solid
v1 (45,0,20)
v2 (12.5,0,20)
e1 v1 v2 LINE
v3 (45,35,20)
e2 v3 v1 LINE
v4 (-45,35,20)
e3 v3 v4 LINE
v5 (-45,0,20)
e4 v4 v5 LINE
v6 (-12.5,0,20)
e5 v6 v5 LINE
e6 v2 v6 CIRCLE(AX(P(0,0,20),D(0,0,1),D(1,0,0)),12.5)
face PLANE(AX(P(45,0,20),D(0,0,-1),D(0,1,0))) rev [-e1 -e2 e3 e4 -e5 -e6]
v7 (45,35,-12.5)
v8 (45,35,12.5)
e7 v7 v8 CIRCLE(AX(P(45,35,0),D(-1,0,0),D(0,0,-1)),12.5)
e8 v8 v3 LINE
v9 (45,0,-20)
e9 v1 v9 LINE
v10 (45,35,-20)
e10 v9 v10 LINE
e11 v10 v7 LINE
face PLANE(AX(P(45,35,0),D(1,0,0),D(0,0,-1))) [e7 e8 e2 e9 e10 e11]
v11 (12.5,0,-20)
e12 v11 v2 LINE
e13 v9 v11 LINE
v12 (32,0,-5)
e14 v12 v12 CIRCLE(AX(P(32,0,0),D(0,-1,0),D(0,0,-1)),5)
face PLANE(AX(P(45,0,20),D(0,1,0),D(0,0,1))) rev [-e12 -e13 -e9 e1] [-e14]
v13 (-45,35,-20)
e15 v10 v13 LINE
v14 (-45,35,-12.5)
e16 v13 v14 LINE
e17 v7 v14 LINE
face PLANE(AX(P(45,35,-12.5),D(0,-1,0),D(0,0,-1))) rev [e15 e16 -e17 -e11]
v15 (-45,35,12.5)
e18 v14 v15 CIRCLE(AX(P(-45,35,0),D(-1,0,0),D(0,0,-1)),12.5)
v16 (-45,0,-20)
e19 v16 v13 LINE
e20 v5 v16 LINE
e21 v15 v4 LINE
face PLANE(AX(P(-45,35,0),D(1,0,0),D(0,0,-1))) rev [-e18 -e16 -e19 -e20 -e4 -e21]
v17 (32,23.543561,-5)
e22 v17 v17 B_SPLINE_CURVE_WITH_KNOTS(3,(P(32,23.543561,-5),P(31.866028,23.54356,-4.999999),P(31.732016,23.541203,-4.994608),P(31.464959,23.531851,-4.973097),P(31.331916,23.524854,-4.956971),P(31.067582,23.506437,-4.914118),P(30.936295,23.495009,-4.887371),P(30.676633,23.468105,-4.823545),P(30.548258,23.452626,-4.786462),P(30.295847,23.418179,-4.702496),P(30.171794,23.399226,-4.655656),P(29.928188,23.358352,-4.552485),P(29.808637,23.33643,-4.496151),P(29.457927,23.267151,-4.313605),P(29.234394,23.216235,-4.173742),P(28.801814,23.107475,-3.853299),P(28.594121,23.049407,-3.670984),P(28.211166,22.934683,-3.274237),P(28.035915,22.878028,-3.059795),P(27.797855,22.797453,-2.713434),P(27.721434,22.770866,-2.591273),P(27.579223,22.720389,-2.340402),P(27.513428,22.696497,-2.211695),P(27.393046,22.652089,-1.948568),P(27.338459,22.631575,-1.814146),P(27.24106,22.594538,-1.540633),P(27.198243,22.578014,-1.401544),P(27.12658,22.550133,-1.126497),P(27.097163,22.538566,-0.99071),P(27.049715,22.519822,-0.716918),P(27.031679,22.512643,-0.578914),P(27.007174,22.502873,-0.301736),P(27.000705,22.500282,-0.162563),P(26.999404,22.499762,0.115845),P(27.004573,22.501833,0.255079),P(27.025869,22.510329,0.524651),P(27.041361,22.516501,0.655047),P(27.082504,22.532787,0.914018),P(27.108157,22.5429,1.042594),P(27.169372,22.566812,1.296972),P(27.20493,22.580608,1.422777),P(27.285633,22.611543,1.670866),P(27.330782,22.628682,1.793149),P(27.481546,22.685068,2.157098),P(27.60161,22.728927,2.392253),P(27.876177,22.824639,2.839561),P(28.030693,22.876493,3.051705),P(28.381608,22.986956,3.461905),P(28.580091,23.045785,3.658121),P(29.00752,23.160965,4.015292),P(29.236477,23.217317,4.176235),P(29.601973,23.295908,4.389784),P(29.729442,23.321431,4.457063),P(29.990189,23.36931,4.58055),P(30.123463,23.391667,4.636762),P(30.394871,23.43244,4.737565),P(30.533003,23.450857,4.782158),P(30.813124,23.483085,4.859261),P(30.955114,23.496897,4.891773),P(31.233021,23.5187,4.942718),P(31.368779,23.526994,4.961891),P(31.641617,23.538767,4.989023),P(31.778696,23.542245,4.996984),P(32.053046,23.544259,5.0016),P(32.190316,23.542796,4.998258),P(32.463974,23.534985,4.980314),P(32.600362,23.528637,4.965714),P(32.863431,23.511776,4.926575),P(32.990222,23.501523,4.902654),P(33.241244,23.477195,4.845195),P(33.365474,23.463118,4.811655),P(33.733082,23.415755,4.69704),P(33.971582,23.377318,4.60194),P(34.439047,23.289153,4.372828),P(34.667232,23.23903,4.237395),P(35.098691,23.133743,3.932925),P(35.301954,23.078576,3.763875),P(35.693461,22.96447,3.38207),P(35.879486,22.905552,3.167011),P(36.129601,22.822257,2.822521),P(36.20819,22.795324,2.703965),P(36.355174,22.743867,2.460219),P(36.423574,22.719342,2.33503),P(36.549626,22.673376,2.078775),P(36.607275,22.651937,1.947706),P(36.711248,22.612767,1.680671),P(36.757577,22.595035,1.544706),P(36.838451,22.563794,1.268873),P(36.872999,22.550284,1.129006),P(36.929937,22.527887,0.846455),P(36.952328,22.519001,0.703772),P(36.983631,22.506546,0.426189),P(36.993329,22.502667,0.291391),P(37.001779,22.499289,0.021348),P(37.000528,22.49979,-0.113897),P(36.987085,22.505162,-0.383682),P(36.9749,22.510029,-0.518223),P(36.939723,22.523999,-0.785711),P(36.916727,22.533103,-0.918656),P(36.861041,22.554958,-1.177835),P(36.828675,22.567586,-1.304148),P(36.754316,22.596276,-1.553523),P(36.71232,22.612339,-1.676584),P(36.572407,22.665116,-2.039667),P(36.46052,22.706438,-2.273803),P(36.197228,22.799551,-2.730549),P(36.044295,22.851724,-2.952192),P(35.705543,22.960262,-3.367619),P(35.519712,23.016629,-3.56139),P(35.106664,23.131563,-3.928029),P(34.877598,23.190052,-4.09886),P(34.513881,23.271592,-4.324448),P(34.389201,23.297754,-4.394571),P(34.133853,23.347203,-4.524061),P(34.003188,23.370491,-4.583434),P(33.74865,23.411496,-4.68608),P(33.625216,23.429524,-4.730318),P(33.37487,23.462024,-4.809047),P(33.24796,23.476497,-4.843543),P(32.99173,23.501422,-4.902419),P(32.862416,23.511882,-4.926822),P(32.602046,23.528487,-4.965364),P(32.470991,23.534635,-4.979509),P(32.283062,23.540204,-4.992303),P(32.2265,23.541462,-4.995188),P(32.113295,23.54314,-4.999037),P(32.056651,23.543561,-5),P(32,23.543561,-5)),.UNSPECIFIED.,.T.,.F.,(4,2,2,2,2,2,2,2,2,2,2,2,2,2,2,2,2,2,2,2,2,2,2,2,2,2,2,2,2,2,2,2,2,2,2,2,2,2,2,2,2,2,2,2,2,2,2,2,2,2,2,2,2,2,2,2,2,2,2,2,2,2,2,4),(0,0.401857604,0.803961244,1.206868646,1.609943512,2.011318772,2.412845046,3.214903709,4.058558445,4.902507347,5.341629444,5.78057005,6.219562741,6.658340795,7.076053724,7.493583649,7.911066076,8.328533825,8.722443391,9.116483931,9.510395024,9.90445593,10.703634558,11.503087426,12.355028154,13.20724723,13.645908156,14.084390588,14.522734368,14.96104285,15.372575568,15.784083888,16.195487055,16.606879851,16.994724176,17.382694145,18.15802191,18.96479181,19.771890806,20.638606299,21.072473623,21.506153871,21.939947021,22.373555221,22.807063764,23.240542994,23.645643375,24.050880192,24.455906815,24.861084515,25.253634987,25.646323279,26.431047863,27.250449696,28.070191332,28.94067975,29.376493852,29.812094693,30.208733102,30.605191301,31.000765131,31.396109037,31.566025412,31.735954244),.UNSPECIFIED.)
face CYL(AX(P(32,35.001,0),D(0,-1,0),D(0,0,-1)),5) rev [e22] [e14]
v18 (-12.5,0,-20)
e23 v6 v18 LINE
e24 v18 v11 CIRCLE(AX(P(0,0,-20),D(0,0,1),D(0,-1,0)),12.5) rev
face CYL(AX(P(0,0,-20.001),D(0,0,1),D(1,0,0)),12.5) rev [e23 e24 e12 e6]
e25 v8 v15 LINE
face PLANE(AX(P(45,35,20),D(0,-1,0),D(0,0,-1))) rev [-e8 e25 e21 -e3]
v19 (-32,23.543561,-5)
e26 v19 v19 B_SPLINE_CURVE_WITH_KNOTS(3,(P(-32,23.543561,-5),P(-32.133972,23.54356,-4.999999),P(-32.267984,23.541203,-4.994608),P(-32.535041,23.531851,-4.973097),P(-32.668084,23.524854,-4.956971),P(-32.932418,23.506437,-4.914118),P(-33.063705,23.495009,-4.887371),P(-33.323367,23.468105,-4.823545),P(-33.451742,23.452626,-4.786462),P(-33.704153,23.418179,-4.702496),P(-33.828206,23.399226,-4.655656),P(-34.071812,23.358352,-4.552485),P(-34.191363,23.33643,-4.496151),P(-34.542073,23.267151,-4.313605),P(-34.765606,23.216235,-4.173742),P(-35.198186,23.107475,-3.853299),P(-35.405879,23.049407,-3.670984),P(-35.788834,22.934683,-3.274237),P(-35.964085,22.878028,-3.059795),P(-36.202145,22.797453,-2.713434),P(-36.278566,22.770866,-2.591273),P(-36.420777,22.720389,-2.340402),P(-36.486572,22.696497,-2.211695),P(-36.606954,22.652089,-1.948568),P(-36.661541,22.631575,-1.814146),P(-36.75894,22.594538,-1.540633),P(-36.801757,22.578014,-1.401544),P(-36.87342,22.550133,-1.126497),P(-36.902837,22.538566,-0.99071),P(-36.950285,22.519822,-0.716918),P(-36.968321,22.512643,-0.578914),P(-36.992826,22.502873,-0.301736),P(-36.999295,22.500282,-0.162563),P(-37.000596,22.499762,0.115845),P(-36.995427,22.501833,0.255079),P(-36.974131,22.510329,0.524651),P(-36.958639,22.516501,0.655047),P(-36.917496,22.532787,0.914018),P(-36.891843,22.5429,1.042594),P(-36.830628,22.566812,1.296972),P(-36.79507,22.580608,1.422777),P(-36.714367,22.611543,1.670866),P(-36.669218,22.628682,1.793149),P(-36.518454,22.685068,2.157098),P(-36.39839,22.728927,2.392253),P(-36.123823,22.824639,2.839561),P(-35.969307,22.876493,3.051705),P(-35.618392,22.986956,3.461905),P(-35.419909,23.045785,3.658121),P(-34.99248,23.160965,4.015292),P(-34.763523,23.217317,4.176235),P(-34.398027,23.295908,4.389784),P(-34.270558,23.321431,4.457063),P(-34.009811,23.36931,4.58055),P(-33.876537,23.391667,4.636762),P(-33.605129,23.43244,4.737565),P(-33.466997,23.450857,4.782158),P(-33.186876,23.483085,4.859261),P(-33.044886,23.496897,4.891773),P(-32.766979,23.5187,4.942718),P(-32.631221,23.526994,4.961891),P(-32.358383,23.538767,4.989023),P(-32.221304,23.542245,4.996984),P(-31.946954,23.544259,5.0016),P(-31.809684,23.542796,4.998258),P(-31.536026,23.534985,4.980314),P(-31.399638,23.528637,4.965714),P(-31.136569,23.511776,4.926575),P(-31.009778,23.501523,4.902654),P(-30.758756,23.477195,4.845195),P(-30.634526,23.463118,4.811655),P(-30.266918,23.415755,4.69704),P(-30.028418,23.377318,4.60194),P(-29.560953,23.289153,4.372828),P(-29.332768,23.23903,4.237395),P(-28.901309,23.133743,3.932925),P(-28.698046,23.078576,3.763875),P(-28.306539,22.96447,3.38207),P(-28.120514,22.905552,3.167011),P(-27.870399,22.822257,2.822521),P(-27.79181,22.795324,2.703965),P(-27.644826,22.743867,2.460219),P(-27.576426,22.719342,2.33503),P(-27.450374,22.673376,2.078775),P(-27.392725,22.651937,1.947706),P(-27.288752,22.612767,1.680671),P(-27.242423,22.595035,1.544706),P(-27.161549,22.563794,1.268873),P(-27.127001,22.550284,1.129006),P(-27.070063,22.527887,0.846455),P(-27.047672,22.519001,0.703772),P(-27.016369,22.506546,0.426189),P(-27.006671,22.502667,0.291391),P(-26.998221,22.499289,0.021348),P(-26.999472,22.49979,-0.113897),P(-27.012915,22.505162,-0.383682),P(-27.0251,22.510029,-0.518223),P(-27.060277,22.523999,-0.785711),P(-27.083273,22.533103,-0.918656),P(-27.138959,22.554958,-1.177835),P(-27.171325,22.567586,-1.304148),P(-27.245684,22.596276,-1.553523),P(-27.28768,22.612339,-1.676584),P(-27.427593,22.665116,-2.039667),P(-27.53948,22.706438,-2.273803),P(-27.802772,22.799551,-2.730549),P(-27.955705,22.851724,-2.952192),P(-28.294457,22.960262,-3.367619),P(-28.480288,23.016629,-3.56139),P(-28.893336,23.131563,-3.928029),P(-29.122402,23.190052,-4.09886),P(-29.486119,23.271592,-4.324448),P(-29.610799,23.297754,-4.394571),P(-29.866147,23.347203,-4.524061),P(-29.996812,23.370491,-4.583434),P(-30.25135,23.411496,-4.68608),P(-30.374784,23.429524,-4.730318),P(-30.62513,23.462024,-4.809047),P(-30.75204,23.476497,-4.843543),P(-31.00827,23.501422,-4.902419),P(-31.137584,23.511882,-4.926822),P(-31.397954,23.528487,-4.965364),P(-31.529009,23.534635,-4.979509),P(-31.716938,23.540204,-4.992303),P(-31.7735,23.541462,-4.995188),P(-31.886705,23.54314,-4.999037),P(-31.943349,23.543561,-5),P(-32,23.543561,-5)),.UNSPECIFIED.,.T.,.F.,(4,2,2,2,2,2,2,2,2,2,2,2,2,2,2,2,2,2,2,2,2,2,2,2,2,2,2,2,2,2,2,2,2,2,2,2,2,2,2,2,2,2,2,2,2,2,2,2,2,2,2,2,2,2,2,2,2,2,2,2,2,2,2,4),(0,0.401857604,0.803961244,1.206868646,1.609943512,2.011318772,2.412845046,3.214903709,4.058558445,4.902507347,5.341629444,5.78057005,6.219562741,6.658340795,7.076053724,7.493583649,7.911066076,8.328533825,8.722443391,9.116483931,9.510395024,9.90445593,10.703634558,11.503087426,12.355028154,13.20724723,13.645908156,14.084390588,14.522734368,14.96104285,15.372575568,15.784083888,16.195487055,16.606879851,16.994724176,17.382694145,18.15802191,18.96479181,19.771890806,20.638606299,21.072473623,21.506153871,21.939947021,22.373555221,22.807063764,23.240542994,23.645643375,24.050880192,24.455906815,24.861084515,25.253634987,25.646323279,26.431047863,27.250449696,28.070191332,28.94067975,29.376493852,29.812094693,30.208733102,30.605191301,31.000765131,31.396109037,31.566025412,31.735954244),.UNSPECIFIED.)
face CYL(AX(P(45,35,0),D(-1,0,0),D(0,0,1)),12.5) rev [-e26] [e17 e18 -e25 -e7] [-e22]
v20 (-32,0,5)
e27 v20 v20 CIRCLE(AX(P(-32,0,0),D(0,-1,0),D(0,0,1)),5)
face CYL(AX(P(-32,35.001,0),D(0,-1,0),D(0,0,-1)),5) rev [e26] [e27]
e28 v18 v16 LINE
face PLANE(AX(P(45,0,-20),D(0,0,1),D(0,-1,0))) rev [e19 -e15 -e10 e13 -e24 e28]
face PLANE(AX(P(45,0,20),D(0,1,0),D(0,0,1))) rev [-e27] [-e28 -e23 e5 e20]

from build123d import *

# Parameters (mm, degrees)
BOSS_EXTRUDE1_DEPTH     = 45
CUT_EXTRUDE1_REACH      = 71.642
SKETCH2_R               = 12.5
CUT_EXTRUDE2_REACH      = 62.415
CUT_EXTRUDE2_END_RADIUS = 12.5
SKETCH3_R               = 5


with BuildPart() as part:
    # Sketch1 → Boss-Extrude1 (new, symmetric)
    with BuildSketch(Plane(origin=(0, 0, 0), x_dir=(0, 0, -1), z_dir=(1, 0, 0))):
        with BuildLine():
            Line((-20, 0), (20, 0))
            Line((20, 0), (20, 35))
            Line((20, 35), (12.5, 35))
            ThreePointArc((12.5, 35), (0, 22.5), (-12.5, 35))
            Line((-12.5, 35), (-20, 35))
            Line((-20, 35), (-20, 0))
        make_face()
    extrude(amount=BOSS_EXTRUDE1_DEPTH, both=True)

    # Sketch2 → Cut-Extrude1 (cut, up to next)
    with BuildSketch(Plane.XY.offset(20), mode=Mode.PRIVATE) as cut_extrude1_sk1:
        Circle(SKETCH2_R)
    cut_extrude1_tool1 = extrude(cut_extrude1_sk1.sketch, amount=-CUT_EXTRUDE1_REACH, mode=Mode.PRIVATE) & part.part
    add(cut_extrude1_tool1.solids().sort_by_distance((0, 0, 20))[0], mode=Mode.SUBTRACT)

    # Cut-Extrude2: up to this cylinder (the profile starts outside it)
    cut_extrude2_end = Plane(origin=(0, 35, 0), z_dir=(-1, 0, 0)) * Cylinder(CUT_EXTRUDE2_END_RADIUS, 214.83, mode=Mode.PRIVATE)
    # Sketch3 → Cut-Extrude2 (cut, up to the surface)
    with BuildSketch(Plane.XZ, mode=Mode.PRIVATE) as cut_extrude2_sk1:
        with Locations(Location((32, 0, 0), (0, 0, 270))):
            Circle(SKETCH3_R)
    cut_extrude2_tool1 = extrude(cut_extrude2_sk1.sketch, amount=-CUT_EXTRUDE2_REACH, mode=Mode.PRIVATE) - cut_extrude2_end
    add(cut_extrude2_tool1.solids().sort_by_distance((32, 0, 0))[0], mode=Mode.SUBTRACT)
    # Sketch3 → Cut-Extrude2 (cut, up to the surface)
    with BuildSketch(Plane.XZ, mode=Mode.PRIVATE) as cut_extrude2_sk2:
        with Locations(Location((-32, 0, 0), (0, 0, 270))):
            Circle(SKETCH3_R)
    cut_extrude2_tool2 = extrude(cut_extrude2_sk2.sketch, amount=-CUT_EXTRUDE2_REACH, mode=Mode.PRIVATE) - cut_extrude2_end
    add(cut_extrude2_tool2.solids().sort_by_distance((-32, 0, 0))[0], mode=Mode.SUBTRACT)


solid = part.part
